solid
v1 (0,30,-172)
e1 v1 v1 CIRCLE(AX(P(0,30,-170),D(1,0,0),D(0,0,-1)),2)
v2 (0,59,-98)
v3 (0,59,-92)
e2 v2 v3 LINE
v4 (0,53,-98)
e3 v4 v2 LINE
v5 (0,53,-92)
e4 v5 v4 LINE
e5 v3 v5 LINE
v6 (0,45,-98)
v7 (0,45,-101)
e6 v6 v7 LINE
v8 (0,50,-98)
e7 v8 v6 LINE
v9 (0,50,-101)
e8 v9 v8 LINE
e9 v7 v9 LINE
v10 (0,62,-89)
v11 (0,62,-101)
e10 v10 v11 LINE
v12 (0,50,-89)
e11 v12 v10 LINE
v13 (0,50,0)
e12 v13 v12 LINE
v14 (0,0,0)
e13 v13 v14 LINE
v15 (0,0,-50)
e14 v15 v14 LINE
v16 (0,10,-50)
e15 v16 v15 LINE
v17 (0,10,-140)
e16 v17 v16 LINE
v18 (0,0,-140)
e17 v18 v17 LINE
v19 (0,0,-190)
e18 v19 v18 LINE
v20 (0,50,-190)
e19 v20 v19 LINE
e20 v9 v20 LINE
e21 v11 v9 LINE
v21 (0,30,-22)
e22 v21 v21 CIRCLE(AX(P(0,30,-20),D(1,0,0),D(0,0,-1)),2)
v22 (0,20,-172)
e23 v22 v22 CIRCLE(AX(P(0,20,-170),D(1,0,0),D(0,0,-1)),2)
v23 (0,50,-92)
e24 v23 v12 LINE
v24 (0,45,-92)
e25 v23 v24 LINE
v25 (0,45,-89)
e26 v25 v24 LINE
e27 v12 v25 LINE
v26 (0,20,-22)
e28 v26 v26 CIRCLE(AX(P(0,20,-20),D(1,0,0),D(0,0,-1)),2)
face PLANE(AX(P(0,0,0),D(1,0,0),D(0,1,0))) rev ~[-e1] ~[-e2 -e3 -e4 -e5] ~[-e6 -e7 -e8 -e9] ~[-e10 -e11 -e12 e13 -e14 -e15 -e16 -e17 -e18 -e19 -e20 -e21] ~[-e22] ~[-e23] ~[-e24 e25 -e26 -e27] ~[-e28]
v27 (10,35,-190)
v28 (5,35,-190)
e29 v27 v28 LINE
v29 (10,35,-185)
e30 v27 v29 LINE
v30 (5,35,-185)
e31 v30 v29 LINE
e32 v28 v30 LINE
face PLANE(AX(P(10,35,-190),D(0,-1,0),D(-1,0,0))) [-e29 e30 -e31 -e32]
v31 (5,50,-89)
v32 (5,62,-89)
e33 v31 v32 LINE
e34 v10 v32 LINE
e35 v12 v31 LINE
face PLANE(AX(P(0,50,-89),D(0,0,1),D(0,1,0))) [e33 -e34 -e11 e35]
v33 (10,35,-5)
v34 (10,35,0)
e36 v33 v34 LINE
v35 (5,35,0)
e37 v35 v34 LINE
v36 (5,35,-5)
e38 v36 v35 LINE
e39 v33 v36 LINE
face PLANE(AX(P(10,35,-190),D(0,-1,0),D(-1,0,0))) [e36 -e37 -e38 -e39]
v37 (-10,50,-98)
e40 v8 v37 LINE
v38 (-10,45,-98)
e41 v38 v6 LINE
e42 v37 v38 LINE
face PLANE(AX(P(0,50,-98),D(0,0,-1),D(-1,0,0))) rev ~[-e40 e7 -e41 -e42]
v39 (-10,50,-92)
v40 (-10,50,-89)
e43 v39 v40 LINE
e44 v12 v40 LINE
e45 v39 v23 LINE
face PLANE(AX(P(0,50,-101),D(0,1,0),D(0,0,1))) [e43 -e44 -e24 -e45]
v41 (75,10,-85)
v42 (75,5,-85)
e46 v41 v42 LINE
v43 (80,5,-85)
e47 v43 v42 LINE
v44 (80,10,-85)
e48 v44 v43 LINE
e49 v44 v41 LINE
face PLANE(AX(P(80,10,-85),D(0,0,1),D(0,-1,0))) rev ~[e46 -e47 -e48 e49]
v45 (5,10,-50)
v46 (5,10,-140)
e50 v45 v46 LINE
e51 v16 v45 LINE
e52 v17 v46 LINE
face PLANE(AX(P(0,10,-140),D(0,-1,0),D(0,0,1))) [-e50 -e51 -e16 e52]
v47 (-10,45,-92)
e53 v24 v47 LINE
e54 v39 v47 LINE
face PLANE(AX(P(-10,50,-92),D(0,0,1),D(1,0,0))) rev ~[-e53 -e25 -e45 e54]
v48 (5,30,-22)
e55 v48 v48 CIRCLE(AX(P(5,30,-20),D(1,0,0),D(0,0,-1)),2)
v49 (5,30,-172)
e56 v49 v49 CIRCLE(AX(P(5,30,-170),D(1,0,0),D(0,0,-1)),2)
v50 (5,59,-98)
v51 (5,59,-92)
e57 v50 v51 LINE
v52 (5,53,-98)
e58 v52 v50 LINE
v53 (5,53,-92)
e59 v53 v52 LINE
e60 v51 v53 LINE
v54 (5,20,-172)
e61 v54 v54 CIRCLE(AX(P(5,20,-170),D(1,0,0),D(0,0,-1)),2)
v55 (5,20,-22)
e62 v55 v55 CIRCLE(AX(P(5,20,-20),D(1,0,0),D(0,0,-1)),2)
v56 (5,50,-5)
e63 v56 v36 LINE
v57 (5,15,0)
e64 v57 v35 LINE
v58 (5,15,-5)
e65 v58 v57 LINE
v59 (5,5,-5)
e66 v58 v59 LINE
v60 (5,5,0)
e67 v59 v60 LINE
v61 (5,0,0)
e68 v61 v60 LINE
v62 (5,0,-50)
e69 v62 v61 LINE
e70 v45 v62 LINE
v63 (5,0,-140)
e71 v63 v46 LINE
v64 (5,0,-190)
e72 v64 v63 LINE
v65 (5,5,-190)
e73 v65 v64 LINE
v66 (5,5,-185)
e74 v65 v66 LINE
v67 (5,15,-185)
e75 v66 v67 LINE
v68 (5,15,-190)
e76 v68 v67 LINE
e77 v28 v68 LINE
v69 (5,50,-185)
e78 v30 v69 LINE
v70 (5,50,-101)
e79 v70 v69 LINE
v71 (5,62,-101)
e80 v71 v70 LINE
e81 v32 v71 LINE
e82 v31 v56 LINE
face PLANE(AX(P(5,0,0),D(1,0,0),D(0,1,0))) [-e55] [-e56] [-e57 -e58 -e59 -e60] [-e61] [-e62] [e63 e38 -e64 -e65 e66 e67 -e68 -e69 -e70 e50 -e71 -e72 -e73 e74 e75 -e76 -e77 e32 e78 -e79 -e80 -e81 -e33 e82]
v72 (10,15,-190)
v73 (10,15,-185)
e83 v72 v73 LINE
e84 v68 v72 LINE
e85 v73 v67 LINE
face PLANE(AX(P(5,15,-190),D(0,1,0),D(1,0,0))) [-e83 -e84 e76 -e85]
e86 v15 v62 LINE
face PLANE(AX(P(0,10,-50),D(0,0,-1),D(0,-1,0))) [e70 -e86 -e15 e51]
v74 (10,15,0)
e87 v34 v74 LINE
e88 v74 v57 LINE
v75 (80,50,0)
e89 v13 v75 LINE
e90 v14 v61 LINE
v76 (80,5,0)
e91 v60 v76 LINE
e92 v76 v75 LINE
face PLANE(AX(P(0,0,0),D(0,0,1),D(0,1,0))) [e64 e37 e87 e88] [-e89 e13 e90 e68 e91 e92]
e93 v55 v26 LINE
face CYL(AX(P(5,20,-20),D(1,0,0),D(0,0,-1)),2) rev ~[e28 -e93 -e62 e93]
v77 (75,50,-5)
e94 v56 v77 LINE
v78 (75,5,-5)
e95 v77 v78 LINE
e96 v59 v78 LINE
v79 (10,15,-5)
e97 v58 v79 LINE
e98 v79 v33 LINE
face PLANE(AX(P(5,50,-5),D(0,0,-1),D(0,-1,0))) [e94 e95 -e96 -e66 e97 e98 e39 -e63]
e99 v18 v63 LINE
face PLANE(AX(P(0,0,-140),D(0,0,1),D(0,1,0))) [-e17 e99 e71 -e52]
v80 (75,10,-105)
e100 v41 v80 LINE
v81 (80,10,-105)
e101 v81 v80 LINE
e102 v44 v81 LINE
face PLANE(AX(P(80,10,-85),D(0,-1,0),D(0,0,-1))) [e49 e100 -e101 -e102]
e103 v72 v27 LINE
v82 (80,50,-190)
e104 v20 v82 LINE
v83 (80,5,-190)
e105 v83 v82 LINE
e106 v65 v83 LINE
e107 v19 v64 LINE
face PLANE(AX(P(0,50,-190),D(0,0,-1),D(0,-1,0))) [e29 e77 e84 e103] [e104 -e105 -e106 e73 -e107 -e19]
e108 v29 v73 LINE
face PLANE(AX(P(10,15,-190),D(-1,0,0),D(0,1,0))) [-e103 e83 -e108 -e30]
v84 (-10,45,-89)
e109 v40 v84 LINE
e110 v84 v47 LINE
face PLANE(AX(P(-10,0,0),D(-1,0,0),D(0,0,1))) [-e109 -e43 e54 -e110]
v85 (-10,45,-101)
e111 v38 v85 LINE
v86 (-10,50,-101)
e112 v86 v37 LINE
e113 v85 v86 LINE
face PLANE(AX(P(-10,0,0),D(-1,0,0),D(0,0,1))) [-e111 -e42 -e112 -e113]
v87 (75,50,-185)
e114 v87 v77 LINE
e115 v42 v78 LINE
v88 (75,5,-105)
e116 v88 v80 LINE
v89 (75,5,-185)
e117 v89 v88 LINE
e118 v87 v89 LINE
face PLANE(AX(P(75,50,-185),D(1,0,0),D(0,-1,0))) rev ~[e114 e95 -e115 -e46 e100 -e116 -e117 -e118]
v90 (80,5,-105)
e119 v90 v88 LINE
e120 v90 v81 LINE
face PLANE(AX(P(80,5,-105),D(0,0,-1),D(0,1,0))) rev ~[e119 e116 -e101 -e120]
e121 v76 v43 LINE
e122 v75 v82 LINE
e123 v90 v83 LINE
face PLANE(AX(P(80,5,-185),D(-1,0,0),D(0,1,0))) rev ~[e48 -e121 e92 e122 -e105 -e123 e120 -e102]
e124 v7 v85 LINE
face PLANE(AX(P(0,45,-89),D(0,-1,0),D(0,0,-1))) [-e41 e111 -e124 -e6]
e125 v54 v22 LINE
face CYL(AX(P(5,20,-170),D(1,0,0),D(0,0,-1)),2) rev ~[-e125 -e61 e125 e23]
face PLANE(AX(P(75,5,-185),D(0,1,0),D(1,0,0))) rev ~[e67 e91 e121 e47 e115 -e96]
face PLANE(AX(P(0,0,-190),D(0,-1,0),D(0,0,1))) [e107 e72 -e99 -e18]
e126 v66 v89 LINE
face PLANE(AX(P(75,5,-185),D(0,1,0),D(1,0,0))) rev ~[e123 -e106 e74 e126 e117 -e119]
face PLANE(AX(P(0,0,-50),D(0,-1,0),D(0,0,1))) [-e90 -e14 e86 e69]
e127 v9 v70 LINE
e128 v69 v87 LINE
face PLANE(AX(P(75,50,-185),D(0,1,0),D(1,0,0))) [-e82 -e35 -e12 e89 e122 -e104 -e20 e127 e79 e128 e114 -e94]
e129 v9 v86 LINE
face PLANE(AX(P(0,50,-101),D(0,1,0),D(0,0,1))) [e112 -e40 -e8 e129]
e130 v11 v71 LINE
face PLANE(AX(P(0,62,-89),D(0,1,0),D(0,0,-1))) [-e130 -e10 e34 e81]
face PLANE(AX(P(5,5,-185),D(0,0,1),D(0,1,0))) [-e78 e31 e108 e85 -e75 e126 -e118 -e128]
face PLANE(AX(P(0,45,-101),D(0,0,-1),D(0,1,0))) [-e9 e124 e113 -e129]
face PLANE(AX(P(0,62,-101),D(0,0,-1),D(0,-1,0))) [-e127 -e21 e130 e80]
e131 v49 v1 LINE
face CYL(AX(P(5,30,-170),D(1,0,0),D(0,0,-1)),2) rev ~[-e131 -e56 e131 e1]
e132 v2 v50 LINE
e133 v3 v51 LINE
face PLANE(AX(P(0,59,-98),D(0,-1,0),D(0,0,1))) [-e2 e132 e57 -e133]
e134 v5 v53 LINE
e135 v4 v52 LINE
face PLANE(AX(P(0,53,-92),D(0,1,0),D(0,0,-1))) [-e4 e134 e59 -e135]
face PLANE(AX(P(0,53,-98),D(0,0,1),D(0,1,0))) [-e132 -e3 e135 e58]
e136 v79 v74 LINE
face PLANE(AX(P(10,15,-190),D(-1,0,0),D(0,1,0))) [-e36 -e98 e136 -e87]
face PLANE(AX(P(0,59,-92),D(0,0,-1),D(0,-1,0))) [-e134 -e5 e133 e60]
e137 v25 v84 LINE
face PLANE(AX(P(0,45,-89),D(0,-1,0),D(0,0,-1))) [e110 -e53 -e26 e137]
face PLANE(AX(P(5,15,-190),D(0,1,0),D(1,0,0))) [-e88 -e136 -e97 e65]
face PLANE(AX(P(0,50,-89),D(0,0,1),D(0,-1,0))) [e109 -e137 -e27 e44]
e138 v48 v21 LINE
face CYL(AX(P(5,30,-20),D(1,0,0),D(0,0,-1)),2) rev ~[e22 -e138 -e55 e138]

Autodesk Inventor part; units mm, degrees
ref_plane "YZ Plane" through (0, 0, 0) normal (1, 0, 0) x (0, 1, 0)
ref_plane "XZ Plane" through (0, 0, 0) normal (0, 1, 0) x (-1, 0, 0)
ref_plane "XY Plane" through (0, 0, 0) normal (0, 0, 1) x (1, 0, 0)
sketch "Sketch1" plane through (0, 0, 0) normal (1, 0, 0) x (0, 1, 0)
  line L0 (0, 0) -> (50, 0)
  line L1 (50, 0) -> (50, -50)
  line L2 (0, 0) -> (10, 0)
  line L3 (10, -50) -> (0, -50)
  line L4 (0, -50) -> (0, 0)
  line L5 (50, -50) -> (50, -190)
  line L6 (50, -190) -> (0, -190)
  line L7 (0, -190) -> (0, -140)
  line L8 (0, -140) -> (10, -140)
  line L9 (10, -140) -> (10, -50)
  line L10 (0, -105) -> (50, -105) construction
  line L11 (50, -89) -> (62, -89)
  line L12 (62, -89) -> (62, -101)
  line L13 (62, -101) -> (50, -101)
  line L14 (50, -101) -> (50, -89)
  line L15 (59, -92) -> (53, -92)
  line L16 (53, -92) -> (53, -98)
  line L17 (53, -98) -> (59, -98)
  line L18 (59, -98) -> (59, -92)
  point P0 (50, -101)
  dimension "d0" = 50
  dimension "d4" = 50
  dimension "d5" = 10
  dimension "d8" = 190
  dimension "d9" = 50
  dimension "d10" = 12
  dimension "d11" = 12
  dimension "d12" = 3
  dimension "d19" = 89
extrude "Extrusion1" add sketch "Sketch1" along normal blind 5
sketch "Sketch2" plane through (0, 0, 0) normal (-1, 0, 0) x (0, 0, 1)
  line L0 (-190, 50) -> (-101, 50) projected
  line L1 (-101, 50) -> (-89, 50)
  line L2 (-89, 50) -> (-89, 45)
  line L3 (-89, 45) -> (-101, 45)
  line L4 (-101, 45) -> (-101, 50)
  point P0 (0, 0)
  dimension "d13" = 5
extrude "Extrusion2" add sketch "Sketch2" along normal blind 10
sketch "Sketch3" plane through (0, 50, -89) normal (0, 1, 0) x (1, 0, 0)
  line L0 (-10, 12) -> (-10, 0) projected
  line L1 (0, 0) -> (0, 12) projected
  line L2 (-10, 3) -> (0, 3)
  line L3 (0, 3) -> (0, 9)
  line L4 (0, 9) -> (-10, 9)
  line L5 (-10, 9) -> (-10, 3)
  point P0 (0, -89)
  point P1 (-10, 9)
  point P2 (0, 3)
  dimension "d16" = 6
extrude "Extrusion3" cut sketch "Sketch3" against normal blind 10
sketch "Sketch4" plane through (5, 0, 0) normal (1, 0, 0) x (0, 0, -1)
  line L0 (89, 50) -> (0, 50) projected
  line L1 (0, 0) -> (50, 0) projected
  line L2 (190, 50) -> (101, 50) projected
  line L3 (0, 50) -> (5, 50)
  line L4 (5, 50) -> (5, 5)
  line L5 (5, 5) -> (0, 5)
  line L6 (0, 5) -> (0, 50)
  line L7 (190, 0) -> (190, 50) projected
  line L8 (185, 50) -> (190, 50)
  line L9 (190, 50) -> (190, 5)
  line L10 (190, 5) -> (185, 5)
  line L11 (185, 5) -> (185, 50)
  point P0 (5, 0)
  dimension "d27" = 5
  dimension "d28" = 45
  dimension "d32" = 45
extrude "Extrusion4" add sketch "Sketch4" along normal blind 75
sketch "Sketch6" plane through (0, 0, 0) normal (0, 0, 1) x (1, 0, 0)
  point P0 (0, 0)
sketch "Sketch7" plane through (5, 5, -185) normal (0, 0, 1) x (1, 0, 0)
  line L0 (0, 45) -> (75, 45) projected
  line L1 (0, 0) -> (75, 0) projected
  line L2 (75, 45) -> (70, 45)
  line L3 (70, 45) -> (70, 0)
  line L4 (70, 0) -> (75, 0)
  line L5 (75, 0) -> (75, 45)
  point P0 (-5, -5)
  dimension "d29" = 5
extrude "Extrusion6" add sketch "Sketch7" along normal blind 180
sketch "Sketch8" plane through (80, 0, 0) normal (1, 0, 0) x (0, 0, -1)
  line L0 (50, 10) -> (140, 10) projected
  line L1 (85, 5) -> (105, 5)
  line L2 (105, 5) -> (105, 10)
  line L3 (105, 10) -> (85, 10)
  line L4 (85, 10) -> (85, 5)
  point P0 (0, 0)
  dimension "d33" = 20
extrude "Extrusion7" cut sketch "Sketch8" against normal blind 180
sketch "Sketch9" plane through (5, 0, 0) normal (1, 0, 0) x (0, 0, -1)
  circle A0 centre (20, 30) radius 2
  circle A1 centre (20, 20) radius 2
  circle A2 centre (170, 30) radius 2
  circle A3 centre (170, 20) radius 2
  line L0 (0, 50) -> (0, 5) projected
  line L1 (190, 5) -> (190, 50) projected
  line L2 (89, 50) -> (5, 50) projected
  line L3 (185, 50) -> (101, 50) projected
  point P0 (0, 0)
  dimension "d36" = 4
  dimension "d37" = 4
  dimension "d38" = 4
  dimension "d39" = 4
  dimension "d40" = 20
  dimension "d41" = 20
  dimension "d42" = 20
  dimension "d43" = 20
  dimension "d44" = 10
  dimension "d45" = 10
  dimension "d46" = 20
  dimension "d47" = 20
extrude "Extrusion8" cut sketch "Sketch9" against normal blind 180
sketch "Sketch10" plane through (0, 0, -190) normal (0, 0, -1) x (-1, 0, 0)
  line L0 (-5, 50) -> (-5, 5) projected
  line L1 (-5, 15) -> (-10, 15)
  line L2 (-10, 15) -> (-10, 35)
  line L3 (-10, 35) -> (-5, 35)
  line L4 (-5, 35) -> (-5, 15)
  point P0 (0, 0)
  dimension "d50" = 5
  dimension "d51" = 20
extrude "Extrusion9" cut sketch "Sketch10" against normal through all
properties part number "cover"
